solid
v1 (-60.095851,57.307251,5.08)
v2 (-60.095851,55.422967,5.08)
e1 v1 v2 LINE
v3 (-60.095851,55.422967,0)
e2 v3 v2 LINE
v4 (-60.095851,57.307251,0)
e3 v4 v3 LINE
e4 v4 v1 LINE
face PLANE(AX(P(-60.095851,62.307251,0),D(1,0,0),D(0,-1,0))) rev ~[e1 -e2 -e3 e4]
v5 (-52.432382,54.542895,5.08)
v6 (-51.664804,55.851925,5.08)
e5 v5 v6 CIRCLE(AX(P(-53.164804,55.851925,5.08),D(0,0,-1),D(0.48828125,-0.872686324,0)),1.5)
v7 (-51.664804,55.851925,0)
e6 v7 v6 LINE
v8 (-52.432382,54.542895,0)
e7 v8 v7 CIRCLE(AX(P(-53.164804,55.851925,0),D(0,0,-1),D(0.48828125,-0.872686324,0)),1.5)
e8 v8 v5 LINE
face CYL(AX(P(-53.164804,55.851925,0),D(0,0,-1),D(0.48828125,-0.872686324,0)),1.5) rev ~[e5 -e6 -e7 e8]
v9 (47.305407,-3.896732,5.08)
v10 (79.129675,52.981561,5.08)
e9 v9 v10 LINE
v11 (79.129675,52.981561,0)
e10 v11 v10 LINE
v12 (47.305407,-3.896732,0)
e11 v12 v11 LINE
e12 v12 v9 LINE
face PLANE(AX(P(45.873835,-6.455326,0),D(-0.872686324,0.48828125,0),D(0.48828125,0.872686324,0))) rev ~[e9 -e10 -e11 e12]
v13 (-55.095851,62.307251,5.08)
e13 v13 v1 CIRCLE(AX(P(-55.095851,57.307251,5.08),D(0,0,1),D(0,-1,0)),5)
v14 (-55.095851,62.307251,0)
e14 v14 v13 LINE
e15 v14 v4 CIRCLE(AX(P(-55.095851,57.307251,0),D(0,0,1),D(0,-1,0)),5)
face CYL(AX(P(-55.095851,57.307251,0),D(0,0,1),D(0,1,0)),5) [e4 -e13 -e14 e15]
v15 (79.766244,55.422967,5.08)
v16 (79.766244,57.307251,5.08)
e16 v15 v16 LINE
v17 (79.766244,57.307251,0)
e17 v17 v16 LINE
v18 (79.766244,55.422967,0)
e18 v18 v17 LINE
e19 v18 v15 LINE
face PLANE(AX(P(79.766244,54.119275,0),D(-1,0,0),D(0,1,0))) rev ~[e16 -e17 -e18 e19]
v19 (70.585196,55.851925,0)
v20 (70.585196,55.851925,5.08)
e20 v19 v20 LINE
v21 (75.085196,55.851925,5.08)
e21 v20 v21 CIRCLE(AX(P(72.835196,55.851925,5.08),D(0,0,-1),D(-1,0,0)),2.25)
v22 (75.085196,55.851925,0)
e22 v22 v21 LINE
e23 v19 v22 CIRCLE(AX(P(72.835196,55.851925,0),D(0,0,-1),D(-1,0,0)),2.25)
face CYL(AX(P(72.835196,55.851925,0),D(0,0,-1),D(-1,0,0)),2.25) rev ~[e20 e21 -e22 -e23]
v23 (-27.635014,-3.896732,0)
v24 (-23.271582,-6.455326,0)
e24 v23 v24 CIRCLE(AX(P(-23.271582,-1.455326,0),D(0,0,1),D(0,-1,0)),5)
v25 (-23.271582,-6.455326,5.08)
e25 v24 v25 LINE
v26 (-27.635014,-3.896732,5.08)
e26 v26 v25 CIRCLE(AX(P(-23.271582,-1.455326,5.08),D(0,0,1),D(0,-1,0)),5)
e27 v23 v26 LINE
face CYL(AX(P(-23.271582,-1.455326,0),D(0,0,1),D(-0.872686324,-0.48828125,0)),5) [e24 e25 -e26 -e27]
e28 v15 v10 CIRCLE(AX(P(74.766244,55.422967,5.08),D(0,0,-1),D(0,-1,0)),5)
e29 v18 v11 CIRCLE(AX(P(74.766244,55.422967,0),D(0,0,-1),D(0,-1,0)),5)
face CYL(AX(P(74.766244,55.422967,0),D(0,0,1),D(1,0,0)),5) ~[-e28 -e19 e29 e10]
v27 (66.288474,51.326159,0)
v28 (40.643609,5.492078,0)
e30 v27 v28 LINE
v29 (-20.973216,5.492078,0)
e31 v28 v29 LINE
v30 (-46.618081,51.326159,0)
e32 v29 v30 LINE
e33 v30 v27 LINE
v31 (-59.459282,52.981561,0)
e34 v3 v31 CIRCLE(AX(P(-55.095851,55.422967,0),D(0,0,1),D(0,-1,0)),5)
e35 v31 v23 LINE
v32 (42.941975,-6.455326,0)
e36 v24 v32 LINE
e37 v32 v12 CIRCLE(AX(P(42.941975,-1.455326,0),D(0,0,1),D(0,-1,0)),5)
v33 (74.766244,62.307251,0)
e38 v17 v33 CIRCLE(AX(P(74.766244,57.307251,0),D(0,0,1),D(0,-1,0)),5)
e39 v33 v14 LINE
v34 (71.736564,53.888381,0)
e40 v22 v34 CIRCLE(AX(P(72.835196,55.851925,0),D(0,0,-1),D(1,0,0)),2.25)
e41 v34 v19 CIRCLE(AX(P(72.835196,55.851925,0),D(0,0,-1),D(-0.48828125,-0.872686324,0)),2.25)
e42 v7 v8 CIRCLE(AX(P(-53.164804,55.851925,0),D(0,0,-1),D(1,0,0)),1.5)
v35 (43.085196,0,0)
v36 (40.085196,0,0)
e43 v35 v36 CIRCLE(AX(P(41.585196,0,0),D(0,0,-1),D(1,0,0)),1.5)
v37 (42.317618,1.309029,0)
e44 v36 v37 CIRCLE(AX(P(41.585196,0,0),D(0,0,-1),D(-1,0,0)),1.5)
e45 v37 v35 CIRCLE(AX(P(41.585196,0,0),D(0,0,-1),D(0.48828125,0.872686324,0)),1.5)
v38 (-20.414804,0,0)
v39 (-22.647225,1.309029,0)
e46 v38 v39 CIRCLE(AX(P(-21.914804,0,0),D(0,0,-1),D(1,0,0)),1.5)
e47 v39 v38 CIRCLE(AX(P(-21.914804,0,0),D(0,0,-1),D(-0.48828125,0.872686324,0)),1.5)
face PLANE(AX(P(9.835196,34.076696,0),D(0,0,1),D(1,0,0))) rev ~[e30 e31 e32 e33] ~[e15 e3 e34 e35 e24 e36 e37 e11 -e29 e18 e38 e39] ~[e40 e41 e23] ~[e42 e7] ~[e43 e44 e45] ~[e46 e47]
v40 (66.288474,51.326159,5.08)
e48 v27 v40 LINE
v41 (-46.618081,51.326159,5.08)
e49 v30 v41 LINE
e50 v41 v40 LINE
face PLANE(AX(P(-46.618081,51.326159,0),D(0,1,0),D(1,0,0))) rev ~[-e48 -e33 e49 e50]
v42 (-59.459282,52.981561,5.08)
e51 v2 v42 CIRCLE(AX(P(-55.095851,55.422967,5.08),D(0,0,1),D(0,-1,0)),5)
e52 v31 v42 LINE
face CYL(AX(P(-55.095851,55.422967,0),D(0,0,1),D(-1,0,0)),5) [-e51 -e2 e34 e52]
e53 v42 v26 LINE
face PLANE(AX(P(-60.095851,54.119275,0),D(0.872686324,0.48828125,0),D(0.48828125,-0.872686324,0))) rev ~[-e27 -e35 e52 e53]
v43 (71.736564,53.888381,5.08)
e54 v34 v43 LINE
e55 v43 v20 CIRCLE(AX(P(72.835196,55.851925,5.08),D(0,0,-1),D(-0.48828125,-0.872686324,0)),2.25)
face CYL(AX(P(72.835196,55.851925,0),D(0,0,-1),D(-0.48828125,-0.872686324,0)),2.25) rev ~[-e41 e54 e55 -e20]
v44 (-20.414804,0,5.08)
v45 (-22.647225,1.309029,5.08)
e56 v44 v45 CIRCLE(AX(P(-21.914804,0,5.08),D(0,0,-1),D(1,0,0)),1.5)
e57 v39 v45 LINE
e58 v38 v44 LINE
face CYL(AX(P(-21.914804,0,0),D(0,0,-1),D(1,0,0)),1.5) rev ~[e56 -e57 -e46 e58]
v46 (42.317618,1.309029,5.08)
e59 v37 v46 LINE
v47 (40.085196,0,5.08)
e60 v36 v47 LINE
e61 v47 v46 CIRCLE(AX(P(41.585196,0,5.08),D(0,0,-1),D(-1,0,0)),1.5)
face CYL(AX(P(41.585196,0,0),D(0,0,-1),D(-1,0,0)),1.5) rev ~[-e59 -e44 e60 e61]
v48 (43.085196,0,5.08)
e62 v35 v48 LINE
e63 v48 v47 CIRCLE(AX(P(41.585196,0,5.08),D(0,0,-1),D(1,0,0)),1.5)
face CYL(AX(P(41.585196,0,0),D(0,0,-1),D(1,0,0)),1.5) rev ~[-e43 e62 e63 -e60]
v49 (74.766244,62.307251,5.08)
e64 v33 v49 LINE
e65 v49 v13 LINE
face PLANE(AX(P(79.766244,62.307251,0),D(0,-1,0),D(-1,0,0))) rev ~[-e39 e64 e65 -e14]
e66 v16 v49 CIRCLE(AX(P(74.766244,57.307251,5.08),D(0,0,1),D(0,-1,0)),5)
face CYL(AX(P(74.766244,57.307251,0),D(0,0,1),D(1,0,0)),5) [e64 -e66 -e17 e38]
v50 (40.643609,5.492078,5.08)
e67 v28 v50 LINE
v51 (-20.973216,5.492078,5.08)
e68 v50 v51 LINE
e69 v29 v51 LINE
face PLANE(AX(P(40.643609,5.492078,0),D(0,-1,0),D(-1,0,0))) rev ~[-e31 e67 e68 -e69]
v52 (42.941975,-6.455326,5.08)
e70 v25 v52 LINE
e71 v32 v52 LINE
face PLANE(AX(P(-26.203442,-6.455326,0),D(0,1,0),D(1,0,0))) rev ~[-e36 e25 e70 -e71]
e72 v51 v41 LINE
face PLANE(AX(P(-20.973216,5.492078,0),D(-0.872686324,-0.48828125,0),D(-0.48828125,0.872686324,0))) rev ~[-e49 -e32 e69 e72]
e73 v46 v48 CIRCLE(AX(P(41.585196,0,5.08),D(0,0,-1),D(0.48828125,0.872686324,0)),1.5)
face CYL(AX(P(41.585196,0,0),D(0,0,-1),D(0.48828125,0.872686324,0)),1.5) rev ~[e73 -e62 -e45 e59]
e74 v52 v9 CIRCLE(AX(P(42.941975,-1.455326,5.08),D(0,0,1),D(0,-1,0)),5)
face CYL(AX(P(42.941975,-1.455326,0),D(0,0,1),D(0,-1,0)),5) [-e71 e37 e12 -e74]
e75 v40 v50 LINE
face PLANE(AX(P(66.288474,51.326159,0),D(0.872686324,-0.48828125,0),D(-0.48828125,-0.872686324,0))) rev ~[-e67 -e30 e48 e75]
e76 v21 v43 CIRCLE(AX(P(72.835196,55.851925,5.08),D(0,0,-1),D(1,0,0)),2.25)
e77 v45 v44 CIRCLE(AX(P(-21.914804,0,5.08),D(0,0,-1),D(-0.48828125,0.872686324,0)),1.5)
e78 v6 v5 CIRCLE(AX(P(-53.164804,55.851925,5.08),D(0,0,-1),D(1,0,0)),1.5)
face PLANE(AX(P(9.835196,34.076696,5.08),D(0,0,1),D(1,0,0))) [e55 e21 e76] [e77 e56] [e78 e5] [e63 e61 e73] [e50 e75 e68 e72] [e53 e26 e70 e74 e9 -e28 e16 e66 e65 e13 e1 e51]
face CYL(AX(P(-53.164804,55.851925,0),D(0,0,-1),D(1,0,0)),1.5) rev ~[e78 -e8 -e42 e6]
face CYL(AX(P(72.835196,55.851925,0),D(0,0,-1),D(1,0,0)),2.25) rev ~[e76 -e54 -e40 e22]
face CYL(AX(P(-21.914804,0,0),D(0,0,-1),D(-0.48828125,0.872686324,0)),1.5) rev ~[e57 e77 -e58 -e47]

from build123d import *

# Parameters (mm, degrees)
F1_DEPTH = 5.08
F2_R     = 5


with BuildPart() as f1:
    # F0 (on Top) → F1 (new body)
    with BuildSketch(Plane.XY):
        Polygon((79.7662436962, 54.1192750509), (79.7662436962, 62.3072507854), (-60.0958508095, 62.3072507854), (-60.0958508095, 54.1192750509), (-26.2034417042, -6.45532602), (45.873834591, -6.45532602), align=None)
        with BuildLine():
            ThreePointArc((-52.4323816816, 54.5428952787), (-54.4587573449, 56.6106629243), (-51.6648035566, 55.8519247654))
            Line((-51.6648035566, 55.8519247654), (-49.1503152863, 55.8519247654))
            Line((-49.1503152863, 55.8519247654), (9.8351964434, 55.8519247654))
            Line((9.8351964434, 55.8519247654), (68.820708173, 55.8519247654))
            Line((68.820708173, 55.8519247654), (70.5851964434, 55.8519247654))
            ThreePointArc((70.5851964434, 55.8519247654), (72.8351964434, 58.1019247654), (75.0851964434, 55.8519247654))
            ThreePointArc((75.0851964434, 55.8519247654), (73.9733036817, 53.910994083), (71.7365636309, 53.8883805354))
            Line((71.7365636309, 53.8883805354), (70.3029618372, 51.3261591105))
            Line((70.3029618372, 51.3261591105), (44.6580972723, 5.4920776291))
            Line((44.6580972723, 5.4920776291), (42.3176183184, 1.3090294867))
            ThreePointArc((42.3176183184, 1.3090294867), (42.8791502317, 0.7587381589), (43.0851964434, 0))
            ThreePointArc((43.0851964434, 0), (41.5851964434, -1.5), (40.0851964434, 0))
            Line((40.0851964434, 0), (37.570708173, 0))
            Line((37.570708173, 0), (9.8351964434, 0))
            Line((9.8351964434, 0), (-17.9003152863, 0))
            Line((-17.9003152863, 0), (-20.4148035566, 0))
            ThreePointArc((-20.4148035566, 0), (-22.6735417155, -1.2939537883), (-22.6472254316, 1.3090294867))
            Line((-22.6472254316, 1.3090294867), (-24.9877043856, 5.4920776291))
            Line((-24.9877043856, 5.4920776291), (-50.6325689504, 51.3261591105))
            Line((-50.6325689504, 51.3261591105), (-52.4323816816, 54.5428952787))
        make_face(mode=Mode.SUBTRACT)
        Polygon((9.8351964434, 55.8519247654), (-49.1503152863, 55.8519247654), (-46.6180806801, 51.3261591105), (9.8351964434, 51.3261591105), align=None)
        Polygon((68.820708173, 55.8519247654), (9.8351964434, 55.8519247654), (9.8351964434, 51.3261591105), (66.2884735668, 51.3261591105), align=None)
        Polygon((-46.6180806801, 51.3261591105), (-50.6325689504, 51.3261591105), (-24.9877043856, 5.4920776291), (-20.9732161152, 5.4920776291), align=None)
        Polygon((70.3029618372, 51.3261591105), (66.2884735668, 51.3261591105), (40.643609002, 5.4920776291), (44.6580972723, 5.4920776291), align=None)
        Polygon((9.8351964434, 5.4920776291), (-20.9732161152, 5.4920776291), (-17.9003152863, 0), (9.8351964434, 0), align=None)
        Polygon((40.643609002, 5.4920776291), (9.8351964434, 5.4920776291), (9.8351964434, 0), (37.570708173, 0), align=None)
        with BuildLine():
            Line((44.6580972723, 5.4920776291), (40.643609002, 5.4920776291))
            Line((40.643609002, 5.4920776291), (37.570708173, 0))
            Line((37.570708173, 0), (40.0851964434, 0))
            ThreePointArc((40.0851964434, 0), (40.8264582845, 1.2939537883), (42.3176183184, 1.3090294867))
            Line((42.3176183184, 1.3090294867), (44.6580972723, 5.4920776291))
        make_face()
        with BuildLine():
            Line((-20.9732161152, 5.4920776291), (-24.9877043856, 5.4920776291))
            Line((-24.9877043856, 5.4920776291), (-22.6472254316, 1.3090294867))
            ThreePointArc((-22.6472254316, 1.3090294867), (-21.1560653977, 1.2939537883), (-20.4148035566, 0))
            Line((-20.4148035566, 0), (-17.9003152863, 0))
            Line((-17.9003152863, 0), (-20.9732161152, 5.4920776291))
        make_face()
        with BuildLine():
            Line((-49.1503152863, 55.8519247654), (-51.6648035566, 55.8519247654))
            ThreePointArc((-51.6648035566, 55.8519247654), (-51.8708497683, 55.0931866065), (-52.4323816816, 54.5428952787))
            Line((-52.4323816816, 54.5428952787), (-50.6325689504, 51.3261591105))
            Line((-50.6325689504, 51.3261591105), (-46.6180806801, 51.3261591105))
            Line((-46.6180806801, 51.3261591105), (-49.1503152863, 55.8519247654))
        make_face()
        with BuildLine():
            Line((70.5851964434, 55.8519247654), (68.820708173, 55.8519247654))
            Line((68.820708173, 55.8519247654), (66.2884735668, 51.3261591105))
            Line((66.2884735668, 51.3261591105), (70.3029618372, 51.3261591105))
            Line((70.3029618372, 51.3261591105), (71.7365636309, 53.8883805354))
            ThreePointArc((71.7365636309, 53.8883805354), (70.8942657609, 54.7138175271), (70.5851964434, 55.8519247654))
        make_face()
    extrude(amount=F1_DEPTH)

    # F2
    f2_edges = [f1.edges().sort_by_distance(p)[0] for p in [
        (-60.095851, 62.307251, 2.54),
        (-60.095851, 54.119275, 2.54),
        (79.766244, 62.307251, 2.54),
        (79.766244, 54.119275, 2.54),
        (45.873835, -6.455326, 2.54),
        (-26.203442, -6.455326, 2.54),
    ]]
    fillet(f2_edges, radius=F2_R)


solid = f1.part
